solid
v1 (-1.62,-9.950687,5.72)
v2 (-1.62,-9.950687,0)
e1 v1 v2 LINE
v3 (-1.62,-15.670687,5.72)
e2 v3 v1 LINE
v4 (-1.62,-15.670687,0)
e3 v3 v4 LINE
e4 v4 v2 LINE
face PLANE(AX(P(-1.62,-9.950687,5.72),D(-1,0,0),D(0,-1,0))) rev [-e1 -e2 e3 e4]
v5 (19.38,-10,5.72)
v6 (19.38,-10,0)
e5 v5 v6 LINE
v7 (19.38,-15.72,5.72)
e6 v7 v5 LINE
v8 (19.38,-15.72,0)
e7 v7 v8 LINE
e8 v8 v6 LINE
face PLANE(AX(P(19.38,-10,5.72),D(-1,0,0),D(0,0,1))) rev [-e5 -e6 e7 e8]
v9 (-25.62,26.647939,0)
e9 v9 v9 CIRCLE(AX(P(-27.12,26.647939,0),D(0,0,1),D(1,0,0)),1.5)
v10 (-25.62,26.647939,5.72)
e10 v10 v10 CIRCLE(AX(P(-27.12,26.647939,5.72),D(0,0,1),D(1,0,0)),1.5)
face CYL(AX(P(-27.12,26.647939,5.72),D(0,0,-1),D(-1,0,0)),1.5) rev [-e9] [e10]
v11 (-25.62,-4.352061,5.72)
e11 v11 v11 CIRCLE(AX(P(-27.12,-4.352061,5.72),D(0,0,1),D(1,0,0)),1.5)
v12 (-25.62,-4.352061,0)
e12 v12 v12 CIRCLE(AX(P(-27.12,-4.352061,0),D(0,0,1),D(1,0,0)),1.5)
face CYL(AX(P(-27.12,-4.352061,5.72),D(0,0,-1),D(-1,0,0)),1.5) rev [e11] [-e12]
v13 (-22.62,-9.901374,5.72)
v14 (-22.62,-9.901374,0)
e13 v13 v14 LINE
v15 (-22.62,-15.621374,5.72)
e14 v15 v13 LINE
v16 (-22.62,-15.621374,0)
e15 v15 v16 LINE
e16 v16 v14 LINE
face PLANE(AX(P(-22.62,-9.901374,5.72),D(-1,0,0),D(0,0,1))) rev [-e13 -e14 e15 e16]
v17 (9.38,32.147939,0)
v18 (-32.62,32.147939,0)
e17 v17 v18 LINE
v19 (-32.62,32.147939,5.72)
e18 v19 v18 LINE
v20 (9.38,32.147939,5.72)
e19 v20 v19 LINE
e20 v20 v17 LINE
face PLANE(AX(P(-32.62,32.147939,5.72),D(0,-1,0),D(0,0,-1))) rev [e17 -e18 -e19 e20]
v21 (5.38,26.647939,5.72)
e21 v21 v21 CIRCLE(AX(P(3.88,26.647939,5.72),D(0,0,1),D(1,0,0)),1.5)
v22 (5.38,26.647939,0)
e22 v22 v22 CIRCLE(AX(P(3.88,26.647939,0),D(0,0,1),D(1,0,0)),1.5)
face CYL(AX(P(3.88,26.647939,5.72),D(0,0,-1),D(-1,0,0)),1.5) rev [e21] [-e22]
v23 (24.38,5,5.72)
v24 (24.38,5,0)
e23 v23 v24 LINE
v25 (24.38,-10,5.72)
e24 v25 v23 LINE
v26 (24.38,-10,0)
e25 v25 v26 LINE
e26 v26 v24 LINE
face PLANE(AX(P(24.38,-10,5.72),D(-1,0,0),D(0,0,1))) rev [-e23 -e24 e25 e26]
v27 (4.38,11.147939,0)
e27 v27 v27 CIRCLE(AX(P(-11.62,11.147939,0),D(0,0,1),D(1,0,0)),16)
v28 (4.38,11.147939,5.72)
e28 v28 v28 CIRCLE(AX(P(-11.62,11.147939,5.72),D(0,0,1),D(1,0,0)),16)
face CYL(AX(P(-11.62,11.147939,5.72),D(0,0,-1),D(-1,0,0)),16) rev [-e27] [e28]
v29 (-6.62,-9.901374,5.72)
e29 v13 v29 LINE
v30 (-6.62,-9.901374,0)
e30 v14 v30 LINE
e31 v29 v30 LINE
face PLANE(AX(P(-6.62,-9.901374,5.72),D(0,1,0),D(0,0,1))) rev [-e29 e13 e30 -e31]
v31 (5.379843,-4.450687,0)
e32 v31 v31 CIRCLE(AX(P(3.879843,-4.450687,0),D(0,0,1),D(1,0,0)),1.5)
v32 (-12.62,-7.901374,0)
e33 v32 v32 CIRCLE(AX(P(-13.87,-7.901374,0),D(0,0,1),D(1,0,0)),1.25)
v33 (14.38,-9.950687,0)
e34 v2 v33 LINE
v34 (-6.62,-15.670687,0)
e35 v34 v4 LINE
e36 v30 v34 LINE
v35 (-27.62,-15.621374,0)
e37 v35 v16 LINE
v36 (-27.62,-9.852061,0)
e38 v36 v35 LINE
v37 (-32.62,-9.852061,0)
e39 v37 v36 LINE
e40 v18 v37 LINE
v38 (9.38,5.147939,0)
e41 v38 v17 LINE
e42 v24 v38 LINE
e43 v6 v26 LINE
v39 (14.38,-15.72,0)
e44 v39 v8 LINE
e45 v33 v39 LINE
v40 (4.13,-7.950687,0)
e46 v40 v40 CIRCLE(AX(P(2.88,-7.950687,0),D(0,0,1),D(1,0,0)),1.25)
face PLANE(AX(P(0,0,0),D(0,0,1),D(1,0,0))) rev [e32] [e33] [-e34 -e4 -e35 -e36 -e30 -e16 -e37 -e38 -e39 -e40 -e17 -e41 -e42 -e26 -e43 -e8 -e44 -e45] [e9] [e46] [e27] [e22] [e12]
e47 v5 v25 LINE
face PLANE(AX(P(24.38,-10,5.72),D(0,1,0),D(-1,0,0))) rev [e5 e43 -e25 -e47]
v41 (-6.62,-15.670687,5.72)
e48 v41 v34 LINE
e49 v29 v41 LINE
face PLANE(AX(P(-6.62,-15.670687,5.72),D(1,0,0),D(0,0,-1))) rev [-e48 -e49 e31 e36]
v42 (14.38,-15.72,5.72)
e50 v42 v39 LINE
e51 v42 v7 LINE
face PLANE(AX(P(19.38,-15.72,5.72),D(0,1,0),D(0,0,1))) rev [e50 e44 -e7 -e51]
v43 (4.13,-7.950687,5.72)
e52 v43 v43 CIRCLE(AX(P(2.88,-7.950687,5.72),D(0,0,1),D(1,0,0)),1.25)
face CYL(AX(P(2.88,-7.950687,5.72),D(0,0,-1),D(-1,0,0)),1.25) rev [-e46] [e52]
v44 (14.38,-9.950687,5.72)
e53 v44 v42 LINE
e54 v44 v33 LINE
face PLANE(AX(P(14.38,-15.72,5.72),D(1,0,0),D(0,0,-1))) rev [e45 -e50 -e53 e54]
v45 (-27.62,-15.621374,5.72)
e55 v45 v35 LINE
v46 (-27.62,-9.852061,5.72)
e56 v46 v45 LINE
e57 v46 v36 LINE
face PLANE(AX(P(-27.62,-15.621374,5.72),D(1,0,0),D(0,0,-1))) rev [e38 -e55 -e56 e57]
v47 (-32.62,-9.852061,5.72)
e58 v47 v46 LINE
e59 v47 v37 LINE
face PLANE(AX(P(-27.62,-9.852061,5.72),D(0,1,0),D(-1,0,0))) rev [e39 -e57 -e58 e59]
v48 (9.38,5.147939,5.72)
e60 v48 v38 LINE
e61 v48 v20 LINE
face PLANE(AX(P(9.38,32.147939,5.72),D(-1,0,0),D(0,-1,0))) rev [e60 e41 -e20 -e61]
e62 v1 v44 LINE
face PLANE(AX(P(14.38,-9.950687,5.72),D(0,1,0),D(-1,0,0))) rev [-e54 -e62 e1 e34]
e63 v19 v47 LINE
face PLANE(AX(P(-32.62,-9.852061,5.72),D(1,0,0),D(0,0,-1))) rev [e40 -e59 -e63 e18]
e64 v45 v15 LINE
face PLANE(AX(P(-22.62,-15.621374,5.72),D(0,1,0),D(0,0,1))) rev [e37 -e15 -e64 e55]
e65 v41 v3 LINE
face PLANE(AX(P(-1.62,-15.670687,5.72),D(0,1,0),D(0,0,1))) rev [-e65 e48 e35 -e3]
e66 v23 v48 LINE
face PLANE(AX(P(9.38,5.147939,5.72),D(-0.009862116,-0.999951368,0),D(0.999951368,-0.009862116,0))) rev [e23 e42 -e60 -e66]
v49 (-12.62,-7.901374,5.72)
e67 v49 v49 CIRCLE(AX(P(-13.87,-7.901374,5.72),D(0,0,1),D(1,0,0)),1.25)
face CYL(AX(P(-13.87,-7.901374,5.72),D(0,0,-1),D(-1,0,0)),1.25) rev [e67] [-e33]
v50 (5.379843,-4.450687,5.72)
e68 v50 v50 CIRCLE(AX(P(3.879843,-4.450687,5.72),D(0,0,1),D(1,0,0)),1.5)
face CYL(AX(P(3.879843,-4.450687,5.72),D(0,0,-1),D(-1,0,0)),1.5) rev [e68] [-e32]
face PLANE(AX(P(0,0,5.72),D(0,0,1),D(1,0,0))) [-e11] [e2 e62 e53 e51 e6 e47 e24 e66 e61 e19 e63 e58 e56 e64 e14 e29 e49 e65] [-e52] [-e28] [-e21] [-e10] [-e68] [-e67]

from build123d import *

# Parameters (mm, degrees)
SKETCH1_R           = 16
SKETCH1_R_2         = 1.25
SKETCH1_R_3         = 1.5
BOSS_EXTRUDE1_DEPTH = 5.72


with BuildPart() as part:
    # Sketch1 → Boss-Extrude1 (new body)
    with BuildSketch(Plane.XY):
        Polygon((9.38, 32.147938931), (9.38, 5.147938931), (24.38, 5), (24.38, -10), (19.38, -10), (19.38, -15.72), (14.38, -15.72), (14.38, -9.950687023), (-1.62, -9.950687023), (-1.62, -15.670687023), (-6.62, -15.670687023), (-6.62, -9.901374046), (-22.62, -9.901374046), (-22.62, -15.621374046), (-27.62, -15.621374046), (-27.62, -9.852061069), (-32.62, -9.852061069), (-32.62, 32.147938931), align=None)
        with Locations((-11.62, 11.147938931)):
            Circle(SKETCH1_R, mode=Mode.SUBTRACT)
        with Locations((2.88, -7.950687023)):
            Circle(SKETCH1_R_2, mode=Mode.SUBTRACT)
        with Locations((-13.87, -7.901374046)):
            Circle(SKETCH1_R_2, mode=Mode.SUBTRACT)
        with Locations((3.879843111, -4.450687023)):
            Circle(SKETCH1_R_3, mode=Mode.SUBTRACT)
        with Locations((-27.12, -4.352061069)):
            Circle(SKETCH1_R_3, mode=Mode.SUBTRACT)
        with Locations((-27.12, 26.647938931)):
            Circle(SKETCH1_R_3, mode=Mode.SUBTRACT)
        with Locations((3.88, 26.647938931)):
            Circle(SKETCH1_R_3, mode=Mode.SUBTRACT)
    extrude(amount=BOSS_EXTRUDE1_DEPTH)


solid = part.part
